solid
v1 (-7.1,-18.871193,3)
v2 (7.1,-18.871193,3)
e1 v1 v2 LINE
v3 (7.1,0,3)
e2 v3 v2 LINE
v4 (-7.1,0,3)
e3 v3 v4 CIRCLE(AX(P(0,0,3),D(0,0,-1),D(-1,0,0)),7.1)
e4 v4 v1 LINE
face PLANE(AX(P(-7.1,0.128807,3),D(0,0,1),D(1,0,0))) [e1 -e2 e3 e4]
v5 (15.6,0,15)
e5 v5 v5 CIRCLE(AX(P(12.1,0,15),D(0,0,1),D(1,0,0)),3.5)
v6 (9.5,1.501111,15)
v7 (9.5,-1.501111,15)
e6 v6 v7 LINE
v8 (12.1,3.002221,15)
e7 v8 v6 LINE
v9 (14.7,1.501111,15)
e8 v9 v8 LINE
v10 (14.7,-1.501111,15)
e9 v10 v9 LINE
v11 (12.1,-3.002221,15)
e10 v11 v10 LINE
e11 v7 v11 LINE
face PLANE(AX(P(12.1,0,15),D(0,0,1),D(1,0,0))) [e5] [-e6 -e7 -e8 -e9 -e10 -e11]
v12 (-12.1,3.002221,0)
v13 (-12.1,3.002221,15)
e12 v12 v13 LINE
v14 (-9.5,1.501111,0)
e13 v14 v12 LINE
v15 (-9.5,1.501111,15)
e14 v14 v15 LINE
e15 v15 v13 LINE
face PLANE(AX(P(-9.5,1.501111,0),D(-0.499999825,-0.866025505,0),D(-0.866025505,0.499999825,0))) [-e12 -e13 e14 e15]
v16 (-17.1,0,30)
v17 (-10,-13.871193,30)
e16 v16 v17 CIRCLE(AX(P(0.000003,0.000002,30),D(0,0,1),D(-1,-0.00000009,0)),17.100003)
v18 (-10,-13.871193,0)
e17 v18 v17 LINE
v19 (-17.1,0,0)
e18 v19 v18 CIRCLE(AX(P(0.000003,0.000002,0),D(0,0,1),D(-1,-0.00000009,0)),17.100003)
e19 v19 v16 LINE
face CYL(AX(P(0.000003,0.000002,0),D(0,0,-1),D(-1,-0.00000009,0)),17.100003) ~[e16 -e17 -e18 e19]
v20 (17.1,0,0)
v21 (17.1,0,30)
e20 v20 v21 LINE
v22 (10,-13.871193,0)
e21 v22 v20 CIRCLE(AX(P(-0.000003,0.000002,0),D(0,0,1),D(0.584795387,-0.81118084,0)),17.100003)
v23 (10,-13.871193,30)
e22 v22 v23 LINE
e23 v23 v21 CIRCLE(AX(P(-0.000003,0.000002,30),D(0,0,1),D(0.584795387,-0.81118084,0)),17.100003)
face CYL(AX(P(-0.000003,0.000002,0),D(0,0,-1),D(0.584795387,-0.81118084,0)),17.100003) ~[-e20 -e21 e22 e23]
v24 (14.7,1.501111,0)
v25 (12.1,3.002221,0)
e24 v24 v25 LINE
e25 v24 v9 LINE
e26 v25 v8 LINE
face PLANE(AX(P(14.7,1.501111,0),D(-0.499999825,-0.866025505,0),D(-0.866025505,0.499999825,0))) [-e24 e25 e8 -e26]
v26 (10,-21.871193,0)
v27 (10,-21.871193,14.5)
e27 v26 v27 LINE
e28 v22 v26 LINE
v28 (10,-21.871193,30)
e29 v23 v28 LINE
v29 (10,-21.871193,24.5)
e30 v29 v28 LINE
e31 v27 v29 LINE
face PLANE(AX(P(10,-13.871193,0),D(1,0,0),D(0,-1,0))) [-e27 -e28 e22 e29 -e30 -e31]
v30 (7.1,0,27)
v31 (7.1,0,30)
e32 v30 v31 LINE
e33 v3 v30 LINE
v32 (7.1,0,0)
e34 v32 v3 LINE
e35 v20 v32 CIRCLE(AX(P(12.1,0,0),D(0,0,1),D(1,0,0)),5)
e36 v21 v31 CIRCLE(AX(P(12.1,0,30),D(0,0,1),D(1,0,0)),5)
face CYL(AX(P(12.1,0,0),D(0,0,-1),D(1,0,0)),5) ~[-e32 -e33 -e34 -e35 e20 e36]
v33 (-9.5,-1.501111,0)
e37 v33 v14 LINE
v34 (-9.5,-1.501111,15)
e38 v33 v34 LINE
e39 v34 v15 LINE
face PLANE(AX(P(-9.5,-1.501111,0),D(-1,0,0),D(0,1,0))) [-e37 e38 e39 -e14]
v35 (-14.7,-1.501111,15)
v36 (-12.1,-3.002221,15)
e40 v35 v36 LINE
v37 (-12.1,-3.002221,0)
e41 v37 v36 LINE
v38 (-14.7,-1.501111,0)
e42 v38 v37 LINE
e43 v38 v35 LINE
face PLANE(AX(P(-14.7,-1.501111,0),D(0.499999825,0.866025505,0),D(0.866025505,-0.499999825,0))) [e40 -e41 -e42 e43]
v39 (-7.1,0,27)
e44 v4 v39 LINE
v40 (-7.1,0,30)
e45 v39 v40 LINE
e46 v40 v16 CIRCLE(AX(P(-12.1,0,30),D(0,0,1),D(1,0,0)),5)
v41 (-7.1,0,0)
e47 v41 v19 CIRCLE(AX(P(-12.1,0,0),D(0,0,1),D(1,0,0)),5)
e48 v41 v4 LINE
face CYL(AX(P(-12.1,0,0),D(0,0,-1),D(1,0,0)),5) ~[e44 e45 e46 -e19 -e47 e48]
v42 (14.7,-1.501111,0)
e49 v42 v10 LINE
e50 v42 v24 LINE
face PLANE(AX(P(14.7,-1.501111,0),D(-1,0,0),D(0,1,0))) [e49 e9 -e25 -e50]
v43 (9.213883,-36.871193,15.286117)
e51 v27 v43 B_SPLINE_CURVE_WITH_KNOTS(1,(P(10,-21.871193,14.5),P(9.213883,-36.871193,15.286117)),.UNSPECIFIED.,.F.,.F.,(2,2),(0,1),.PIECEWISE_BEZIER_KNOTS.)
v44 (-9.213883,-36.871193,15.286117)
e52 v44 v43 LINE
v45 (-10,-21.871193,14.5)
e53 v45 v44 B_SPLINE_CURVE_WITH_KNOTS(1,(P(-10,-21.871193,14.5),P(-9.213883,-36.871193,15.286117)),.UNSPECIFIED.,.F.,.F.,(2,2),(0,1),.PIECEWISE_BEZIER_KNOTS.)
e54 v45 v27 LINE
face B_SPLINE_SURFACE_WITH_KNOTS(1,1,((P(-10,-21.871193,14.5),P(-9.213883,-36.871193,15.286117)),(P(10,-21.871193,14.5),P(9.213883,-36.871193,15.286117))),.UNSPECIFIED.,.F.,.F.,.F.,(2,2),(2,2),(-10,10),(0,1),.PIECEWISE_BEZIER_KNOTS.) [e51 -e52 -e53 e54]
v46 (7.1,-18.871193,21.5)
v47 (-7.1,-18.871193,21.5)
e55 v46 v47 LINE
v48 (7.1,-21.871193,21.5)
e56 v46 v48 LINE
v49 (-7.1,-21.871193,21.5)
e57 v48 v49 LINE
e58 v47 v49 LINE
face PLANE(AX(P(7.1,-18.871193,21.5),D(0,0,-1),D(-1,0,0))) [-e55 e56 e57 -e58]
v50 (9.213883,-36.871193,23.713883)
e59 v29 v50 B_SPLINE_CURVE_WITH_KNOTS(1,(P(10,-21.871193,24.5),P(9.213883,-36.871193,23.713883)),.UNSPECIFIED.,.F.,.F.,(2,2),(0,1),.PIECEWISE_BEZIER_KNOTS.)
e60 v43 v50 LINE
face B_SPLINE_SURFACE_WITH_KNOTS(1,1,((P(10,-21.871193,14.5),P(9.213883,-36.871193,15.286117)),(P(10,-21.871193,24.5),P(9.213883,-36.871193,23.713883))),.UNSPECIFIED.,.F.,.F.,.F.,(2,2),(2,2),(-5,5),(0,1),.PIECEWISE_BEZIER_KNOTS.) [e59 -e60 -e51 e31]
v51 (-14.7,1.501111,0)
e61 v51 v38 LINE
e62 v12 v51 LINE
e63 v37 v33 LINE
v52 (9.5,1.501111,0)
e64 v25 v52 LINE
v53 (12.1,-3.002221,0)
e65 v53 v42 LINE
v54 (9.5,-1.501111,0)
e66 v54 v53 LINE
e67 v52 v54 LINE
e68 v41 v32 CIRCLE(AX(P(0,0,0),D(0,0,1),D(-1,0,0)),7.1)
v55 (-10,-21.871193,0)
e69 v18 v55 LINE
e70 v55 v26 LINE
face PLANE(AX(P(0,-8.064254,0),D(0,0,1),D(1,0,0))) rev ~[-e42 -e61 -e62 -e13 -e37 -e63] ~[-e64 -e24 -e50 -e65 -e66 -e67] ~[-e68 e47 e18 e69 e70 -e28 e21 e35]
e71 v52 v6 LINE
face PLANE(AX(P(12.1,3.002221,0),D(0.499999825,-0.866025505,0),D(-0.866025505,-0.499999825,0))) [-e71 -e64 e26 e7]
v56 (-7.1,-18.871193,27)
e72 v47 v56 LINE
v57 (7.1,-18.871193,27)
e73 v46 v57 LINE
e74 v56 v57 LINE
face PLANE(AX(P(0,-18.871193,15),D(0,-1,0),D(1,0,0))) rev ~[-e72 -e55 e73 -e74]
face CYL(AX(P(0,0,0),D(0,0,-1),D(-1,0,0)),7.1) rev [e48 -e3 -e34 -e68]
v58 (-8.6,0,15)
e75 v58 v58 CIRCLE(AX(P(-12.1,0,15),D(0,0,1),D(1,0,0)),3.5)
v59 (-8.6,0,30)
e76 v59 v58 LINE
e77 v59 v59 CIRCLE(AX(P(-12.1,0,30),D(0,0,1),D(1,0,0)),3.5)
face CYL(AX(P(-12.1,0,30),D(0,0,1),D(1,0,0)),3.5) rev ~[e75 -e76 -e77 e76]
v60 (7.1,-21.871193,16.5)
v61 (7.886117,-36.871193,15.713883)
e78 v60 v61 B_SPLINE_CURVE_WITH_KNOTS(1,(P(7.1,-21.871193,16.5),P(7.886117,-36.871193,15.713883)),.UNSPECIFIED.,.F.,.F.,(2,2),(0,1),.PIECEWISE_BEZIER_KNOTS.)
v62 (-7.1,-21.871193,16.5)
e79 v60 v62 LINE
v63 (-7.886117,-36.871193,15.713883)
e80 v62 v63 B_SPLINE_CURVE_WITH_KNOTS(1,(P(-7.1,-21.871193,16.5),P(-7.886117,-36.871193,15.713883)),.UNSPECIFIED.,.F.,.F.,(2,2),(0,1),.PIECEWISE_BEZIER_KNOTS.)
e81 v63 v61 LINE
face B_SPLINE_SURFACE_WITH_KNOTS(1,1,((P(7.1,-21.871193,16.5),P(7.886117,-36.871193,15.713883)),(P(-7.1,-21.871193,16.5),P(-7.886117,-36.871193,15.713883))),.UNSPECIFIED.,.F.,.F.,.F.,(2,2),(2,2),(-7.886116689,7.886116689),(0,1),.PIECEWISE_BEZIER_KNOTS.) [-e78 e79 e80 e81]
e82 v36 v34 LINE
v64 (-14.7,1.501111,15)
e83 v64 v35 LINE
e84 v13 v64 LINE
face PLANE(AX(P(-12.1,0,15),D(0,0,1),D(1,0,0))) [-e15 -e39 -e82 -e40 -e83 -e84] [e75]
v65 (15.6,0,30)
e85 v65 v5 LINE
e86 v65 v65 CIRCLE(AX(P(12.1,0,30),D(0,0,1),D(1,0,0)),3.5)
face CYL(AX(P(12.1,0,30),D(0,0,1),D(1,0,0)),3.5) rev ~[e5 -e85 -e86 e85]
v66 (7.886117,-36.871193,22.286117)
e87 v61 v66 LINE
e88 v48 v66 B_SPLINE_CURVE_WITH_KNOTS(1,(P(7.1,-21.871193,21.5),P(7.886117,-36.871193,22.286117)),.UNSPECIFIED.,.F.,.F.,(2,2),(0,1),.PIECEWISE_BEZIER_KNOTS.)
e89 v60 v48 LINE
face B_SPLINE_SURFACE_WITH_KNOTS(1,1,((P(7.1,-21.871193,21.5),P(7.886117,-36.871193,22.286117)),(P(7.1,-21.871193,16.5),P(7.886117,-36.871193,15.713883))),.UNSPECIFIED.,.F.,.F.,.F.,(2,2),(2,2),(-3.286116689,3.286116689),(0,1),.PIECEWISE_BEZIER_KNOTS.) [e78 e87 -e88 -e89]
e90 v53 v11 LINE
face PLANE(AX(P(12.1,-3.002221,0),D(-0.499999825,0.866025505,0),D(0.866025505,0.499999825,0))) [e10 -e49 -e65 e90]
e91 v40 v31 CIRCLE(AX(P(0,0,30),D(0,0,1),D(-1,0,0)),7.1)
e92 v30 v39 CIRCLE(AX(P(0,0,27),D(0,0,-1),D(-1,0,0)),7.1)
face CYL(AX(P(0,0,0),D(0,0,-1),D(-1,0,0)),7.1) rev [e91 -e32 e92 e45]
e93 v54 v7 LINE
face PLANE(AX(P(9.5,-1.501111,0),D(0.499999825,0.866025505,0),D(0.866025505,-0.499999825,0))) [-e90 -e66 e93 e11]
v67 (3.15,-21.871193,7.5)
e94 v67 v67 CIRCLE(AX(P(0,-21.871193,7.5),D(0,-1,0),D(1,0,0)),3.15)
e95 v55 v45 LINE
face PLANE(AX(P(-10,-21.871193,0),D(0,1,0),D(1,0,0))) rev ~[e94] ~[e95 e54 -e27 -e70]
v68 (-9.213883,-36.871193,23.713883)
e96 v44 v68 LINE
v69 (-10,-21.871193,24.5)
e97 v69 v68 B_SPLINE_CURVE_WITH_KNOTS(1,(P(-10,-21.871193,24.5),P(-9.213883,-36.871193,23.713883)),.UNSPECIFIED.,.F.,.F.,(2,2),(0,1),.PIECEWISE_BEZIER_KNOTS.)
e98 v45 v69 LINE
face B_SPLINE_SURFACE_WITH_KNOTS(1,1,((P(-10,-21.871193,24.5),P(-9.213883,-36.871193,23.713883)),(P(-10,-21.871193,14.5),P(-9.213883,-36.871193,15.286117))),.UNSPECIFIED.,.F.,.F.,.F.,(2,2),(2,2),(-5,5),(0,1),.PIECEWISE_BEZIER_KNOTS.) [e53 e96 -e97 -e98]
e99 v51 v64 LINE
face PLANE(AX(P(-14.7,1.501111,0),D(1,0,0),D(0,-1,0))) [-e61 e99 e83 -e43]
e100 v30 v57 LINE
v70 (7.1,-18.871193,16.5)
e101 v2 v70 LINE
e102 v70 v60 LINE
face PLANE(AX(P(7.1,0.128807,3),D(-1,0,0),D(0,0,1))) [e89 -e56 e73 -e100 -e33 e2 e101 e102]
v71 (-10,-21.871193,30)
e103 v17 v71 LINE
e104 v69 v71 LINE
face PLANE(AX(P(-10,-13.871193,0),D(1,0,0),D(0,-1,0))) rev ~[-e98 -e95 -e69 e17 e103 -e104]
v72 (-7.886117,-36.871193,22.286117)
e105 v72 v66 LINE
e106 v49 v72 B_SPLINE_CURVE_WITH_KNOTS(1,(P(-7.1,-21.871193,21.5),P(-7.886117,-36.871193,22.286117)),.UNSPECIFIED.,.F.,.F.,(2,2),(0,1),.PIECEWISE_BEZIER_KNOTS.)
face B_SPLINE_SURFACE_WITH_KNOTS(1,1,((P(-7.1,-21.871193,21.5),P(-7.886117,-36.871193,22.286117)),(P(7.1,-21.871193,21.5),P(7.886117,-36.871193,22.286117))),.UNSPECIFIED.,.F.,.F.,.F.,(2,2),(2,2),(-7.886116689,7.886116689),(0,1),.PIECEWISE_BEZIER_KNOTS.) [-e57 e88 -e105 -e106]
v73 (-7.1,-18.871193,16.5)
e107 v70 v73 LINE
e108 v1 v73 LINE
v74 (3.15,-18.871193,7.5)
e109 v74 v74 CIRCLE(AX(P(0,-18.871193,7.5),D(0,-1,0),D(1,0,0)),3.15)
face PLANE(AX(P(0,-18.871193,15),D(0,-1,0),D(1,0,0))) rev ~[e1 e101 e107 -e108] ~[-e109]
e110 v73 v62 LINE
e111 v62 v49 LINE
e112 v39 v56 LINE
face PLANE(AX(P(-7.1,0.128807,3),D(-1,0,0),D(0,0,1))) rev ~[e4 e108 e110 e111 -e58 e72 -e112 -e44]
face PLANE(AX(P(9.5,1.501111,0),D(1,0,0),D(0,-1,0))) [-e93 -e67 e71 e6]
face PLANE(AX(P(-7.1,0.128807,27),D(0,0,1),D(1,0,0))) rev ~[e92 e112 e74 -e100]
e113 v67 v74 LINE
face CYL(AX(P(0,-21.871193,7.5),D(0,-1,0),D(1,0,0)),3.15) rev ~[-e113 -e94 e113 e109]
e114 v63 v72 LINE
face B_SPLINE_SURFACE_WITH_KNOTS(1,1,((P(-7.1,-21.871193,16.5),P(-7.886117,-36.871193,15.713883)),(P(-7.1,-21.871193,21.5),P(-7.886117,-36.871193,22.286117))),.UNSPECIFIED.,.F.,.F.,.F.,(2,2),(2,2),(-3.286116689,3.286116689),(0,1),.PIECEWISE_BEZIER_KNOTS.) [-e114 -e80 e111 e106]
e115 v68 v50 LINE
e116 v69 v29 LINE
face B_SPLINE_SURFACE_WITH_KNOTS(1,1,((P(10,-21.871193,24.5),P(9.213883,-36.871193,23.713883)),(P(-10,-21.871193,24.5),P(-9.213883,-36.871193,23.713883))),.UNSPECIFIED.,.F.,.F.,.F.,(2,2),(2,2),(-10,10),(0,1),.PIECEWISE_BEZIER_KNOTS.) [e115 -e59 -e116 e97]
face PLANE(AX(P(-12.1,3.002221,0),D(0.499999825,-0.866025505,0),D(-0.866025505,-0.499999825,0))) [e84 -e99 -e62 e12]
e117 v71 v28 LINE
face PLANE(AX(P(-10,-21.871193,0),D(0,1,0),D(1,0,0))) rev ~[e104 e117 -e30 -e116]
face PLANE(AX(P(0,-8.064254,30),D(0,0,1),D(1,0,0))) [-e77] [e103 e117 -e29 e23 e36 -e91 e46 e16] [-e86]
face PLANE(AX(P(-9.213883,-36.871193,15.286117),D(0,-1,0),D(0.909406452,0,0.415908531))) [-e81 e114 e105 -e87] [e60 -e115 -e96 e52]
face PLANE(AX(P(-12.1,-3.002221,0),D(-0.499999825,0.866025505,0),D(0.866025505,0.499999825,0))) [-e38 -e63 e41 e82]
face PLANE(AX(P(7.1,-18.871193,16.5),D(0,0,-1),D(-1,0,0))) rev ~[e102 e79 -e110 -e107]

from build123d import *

# Parameters (mm, degrees)
PAD_DEPTH       = 30
SKETCH001_W     = 14.2
SKETCH001_H     = 24
POCKET_DEPTH    = 19
SKETCH002_R     = 3.15
POCKET001_DEPTH = 5
SKETCH003_W     = 14.2
SKETCH003_H     = 5
POCKET002_DEPTH = 5
SKETCH004_W     = 20
SKETCH004_H     = 10
SKETCH004_W_2   = 14.2
SKETCH004_H_2   = 5
PAD001_DEPTH    = 15
PAD001_TAPER    = 3
SKETCH005_R     = 3.5
POCKET003_DEPTH = 15


with BuildPart() as part:
    # Sketch → Pad (new body)
    with BuildSketch(Plane.XY):
        with BuildLine():
            ThreePointArc((-7.1, 0), (-12.1, 5), (-17.1, 0))
            ThreePointArc((-17.1, 0), (-15.221859, -7.791341), (-10, -13.871193))
            Line((-10, -13.871193), (-10, -21.871193))
            Line((-10, -21.871193), (10, -21.871193))
            Line((10, -13.871193), (10, -21.871193))
            ThreePointArc((10, -13.871193), (15.221859, -7.791341), (17.1, 0))
            ThreePointArc((17.1, 0), (12.1, 5), (7.1, 0))
            ThreePointArc((-7.1, 0), (0, -7.1), (7.1, 0))
        make_face()
        Polygon((-9.5, -1.501111), (-9.5, 1.501111), (-12.1, 3.002221), (-14.7, 1.501111), (-14.7, -1.501111), (-12.1, -3.002221), align=None, mode=Mode.SUBTRACT)
        Polygon((14.7, -1.501111), (14.7, 1.501111), (12.1, 3.002221), (9.5, 1.501111), (9.5, -1.501111), (12.1, -3.002221), align=None, mode=Mode.SUBTRACT)
    extrude(amount=PAD_DEPTH)

    # Sketch001 (on DatumPlane) → Pocket (cut)
    with BuildSketch(Plane.XZ.offset(-0.128807)):
        with Locations((0, 15)):
            Rectangle(SKETCH001_W, SKETCH001_H)
    extrude(amount=POCKET_DEPTH, mode=Mode.SUBTRACT)

    # Sketch002 (on Face13 of Pocket) → Pocket001 (cut)
    with BuildSketch(Plane.XZ.offset(21.871193)):
        with Locations((0, 7.5)):
            Circle(SKETCH002_R)
    extrude(amount=-POCKET001_DEPTH, mode=Mode.SUBTRACT)

    # Sketch003 (on Face10 of Pocket001) → Pocket002 (cut)
    with BuildSketch(Plane(origin=(0, -18.871193, 0), x_dir=(-1, 0, 0), z_dir=(0, 1, 0))):
        with Locations((0, 19)):
            Rectangle(SKETCH003_W, SKETCH003_H)
    extrude(amount=-POCKET002_DEPTH, mode=Mode.SUBTRACT)

    # Sketch004 (on Face15 of Pocket002) → Pad001 (join)
    with BuildSketch(Plane.XZ.offset(21.871193)):
        with Locations((0, 19.5)):
            Rectangle(SKETCH004_W, SKETCH004_H)
        with Locations((0, 19)):
            Rectangle(SKETCH004_W_2, SKETCH004_H_2, mode=Mode.SUBTRACT)
    extrude(amount=PAD001_DEPTH, taper=PAD001_TAPER)

    # Sketch005 (on Face7 of Pad001) → Pocket003 (cut)
    with BuildSketch(Plane.XY.offset(30)):
        with Locations((-12.1, 0)):
            Circle(SKETCH005_R)
        with Locations((12.1, 0)):
            Circle(SKETCH005_R)
    extrude(amount=-POCKET003_DEPTH, mode=Mode.SUBTRACT)


solid = part.part
